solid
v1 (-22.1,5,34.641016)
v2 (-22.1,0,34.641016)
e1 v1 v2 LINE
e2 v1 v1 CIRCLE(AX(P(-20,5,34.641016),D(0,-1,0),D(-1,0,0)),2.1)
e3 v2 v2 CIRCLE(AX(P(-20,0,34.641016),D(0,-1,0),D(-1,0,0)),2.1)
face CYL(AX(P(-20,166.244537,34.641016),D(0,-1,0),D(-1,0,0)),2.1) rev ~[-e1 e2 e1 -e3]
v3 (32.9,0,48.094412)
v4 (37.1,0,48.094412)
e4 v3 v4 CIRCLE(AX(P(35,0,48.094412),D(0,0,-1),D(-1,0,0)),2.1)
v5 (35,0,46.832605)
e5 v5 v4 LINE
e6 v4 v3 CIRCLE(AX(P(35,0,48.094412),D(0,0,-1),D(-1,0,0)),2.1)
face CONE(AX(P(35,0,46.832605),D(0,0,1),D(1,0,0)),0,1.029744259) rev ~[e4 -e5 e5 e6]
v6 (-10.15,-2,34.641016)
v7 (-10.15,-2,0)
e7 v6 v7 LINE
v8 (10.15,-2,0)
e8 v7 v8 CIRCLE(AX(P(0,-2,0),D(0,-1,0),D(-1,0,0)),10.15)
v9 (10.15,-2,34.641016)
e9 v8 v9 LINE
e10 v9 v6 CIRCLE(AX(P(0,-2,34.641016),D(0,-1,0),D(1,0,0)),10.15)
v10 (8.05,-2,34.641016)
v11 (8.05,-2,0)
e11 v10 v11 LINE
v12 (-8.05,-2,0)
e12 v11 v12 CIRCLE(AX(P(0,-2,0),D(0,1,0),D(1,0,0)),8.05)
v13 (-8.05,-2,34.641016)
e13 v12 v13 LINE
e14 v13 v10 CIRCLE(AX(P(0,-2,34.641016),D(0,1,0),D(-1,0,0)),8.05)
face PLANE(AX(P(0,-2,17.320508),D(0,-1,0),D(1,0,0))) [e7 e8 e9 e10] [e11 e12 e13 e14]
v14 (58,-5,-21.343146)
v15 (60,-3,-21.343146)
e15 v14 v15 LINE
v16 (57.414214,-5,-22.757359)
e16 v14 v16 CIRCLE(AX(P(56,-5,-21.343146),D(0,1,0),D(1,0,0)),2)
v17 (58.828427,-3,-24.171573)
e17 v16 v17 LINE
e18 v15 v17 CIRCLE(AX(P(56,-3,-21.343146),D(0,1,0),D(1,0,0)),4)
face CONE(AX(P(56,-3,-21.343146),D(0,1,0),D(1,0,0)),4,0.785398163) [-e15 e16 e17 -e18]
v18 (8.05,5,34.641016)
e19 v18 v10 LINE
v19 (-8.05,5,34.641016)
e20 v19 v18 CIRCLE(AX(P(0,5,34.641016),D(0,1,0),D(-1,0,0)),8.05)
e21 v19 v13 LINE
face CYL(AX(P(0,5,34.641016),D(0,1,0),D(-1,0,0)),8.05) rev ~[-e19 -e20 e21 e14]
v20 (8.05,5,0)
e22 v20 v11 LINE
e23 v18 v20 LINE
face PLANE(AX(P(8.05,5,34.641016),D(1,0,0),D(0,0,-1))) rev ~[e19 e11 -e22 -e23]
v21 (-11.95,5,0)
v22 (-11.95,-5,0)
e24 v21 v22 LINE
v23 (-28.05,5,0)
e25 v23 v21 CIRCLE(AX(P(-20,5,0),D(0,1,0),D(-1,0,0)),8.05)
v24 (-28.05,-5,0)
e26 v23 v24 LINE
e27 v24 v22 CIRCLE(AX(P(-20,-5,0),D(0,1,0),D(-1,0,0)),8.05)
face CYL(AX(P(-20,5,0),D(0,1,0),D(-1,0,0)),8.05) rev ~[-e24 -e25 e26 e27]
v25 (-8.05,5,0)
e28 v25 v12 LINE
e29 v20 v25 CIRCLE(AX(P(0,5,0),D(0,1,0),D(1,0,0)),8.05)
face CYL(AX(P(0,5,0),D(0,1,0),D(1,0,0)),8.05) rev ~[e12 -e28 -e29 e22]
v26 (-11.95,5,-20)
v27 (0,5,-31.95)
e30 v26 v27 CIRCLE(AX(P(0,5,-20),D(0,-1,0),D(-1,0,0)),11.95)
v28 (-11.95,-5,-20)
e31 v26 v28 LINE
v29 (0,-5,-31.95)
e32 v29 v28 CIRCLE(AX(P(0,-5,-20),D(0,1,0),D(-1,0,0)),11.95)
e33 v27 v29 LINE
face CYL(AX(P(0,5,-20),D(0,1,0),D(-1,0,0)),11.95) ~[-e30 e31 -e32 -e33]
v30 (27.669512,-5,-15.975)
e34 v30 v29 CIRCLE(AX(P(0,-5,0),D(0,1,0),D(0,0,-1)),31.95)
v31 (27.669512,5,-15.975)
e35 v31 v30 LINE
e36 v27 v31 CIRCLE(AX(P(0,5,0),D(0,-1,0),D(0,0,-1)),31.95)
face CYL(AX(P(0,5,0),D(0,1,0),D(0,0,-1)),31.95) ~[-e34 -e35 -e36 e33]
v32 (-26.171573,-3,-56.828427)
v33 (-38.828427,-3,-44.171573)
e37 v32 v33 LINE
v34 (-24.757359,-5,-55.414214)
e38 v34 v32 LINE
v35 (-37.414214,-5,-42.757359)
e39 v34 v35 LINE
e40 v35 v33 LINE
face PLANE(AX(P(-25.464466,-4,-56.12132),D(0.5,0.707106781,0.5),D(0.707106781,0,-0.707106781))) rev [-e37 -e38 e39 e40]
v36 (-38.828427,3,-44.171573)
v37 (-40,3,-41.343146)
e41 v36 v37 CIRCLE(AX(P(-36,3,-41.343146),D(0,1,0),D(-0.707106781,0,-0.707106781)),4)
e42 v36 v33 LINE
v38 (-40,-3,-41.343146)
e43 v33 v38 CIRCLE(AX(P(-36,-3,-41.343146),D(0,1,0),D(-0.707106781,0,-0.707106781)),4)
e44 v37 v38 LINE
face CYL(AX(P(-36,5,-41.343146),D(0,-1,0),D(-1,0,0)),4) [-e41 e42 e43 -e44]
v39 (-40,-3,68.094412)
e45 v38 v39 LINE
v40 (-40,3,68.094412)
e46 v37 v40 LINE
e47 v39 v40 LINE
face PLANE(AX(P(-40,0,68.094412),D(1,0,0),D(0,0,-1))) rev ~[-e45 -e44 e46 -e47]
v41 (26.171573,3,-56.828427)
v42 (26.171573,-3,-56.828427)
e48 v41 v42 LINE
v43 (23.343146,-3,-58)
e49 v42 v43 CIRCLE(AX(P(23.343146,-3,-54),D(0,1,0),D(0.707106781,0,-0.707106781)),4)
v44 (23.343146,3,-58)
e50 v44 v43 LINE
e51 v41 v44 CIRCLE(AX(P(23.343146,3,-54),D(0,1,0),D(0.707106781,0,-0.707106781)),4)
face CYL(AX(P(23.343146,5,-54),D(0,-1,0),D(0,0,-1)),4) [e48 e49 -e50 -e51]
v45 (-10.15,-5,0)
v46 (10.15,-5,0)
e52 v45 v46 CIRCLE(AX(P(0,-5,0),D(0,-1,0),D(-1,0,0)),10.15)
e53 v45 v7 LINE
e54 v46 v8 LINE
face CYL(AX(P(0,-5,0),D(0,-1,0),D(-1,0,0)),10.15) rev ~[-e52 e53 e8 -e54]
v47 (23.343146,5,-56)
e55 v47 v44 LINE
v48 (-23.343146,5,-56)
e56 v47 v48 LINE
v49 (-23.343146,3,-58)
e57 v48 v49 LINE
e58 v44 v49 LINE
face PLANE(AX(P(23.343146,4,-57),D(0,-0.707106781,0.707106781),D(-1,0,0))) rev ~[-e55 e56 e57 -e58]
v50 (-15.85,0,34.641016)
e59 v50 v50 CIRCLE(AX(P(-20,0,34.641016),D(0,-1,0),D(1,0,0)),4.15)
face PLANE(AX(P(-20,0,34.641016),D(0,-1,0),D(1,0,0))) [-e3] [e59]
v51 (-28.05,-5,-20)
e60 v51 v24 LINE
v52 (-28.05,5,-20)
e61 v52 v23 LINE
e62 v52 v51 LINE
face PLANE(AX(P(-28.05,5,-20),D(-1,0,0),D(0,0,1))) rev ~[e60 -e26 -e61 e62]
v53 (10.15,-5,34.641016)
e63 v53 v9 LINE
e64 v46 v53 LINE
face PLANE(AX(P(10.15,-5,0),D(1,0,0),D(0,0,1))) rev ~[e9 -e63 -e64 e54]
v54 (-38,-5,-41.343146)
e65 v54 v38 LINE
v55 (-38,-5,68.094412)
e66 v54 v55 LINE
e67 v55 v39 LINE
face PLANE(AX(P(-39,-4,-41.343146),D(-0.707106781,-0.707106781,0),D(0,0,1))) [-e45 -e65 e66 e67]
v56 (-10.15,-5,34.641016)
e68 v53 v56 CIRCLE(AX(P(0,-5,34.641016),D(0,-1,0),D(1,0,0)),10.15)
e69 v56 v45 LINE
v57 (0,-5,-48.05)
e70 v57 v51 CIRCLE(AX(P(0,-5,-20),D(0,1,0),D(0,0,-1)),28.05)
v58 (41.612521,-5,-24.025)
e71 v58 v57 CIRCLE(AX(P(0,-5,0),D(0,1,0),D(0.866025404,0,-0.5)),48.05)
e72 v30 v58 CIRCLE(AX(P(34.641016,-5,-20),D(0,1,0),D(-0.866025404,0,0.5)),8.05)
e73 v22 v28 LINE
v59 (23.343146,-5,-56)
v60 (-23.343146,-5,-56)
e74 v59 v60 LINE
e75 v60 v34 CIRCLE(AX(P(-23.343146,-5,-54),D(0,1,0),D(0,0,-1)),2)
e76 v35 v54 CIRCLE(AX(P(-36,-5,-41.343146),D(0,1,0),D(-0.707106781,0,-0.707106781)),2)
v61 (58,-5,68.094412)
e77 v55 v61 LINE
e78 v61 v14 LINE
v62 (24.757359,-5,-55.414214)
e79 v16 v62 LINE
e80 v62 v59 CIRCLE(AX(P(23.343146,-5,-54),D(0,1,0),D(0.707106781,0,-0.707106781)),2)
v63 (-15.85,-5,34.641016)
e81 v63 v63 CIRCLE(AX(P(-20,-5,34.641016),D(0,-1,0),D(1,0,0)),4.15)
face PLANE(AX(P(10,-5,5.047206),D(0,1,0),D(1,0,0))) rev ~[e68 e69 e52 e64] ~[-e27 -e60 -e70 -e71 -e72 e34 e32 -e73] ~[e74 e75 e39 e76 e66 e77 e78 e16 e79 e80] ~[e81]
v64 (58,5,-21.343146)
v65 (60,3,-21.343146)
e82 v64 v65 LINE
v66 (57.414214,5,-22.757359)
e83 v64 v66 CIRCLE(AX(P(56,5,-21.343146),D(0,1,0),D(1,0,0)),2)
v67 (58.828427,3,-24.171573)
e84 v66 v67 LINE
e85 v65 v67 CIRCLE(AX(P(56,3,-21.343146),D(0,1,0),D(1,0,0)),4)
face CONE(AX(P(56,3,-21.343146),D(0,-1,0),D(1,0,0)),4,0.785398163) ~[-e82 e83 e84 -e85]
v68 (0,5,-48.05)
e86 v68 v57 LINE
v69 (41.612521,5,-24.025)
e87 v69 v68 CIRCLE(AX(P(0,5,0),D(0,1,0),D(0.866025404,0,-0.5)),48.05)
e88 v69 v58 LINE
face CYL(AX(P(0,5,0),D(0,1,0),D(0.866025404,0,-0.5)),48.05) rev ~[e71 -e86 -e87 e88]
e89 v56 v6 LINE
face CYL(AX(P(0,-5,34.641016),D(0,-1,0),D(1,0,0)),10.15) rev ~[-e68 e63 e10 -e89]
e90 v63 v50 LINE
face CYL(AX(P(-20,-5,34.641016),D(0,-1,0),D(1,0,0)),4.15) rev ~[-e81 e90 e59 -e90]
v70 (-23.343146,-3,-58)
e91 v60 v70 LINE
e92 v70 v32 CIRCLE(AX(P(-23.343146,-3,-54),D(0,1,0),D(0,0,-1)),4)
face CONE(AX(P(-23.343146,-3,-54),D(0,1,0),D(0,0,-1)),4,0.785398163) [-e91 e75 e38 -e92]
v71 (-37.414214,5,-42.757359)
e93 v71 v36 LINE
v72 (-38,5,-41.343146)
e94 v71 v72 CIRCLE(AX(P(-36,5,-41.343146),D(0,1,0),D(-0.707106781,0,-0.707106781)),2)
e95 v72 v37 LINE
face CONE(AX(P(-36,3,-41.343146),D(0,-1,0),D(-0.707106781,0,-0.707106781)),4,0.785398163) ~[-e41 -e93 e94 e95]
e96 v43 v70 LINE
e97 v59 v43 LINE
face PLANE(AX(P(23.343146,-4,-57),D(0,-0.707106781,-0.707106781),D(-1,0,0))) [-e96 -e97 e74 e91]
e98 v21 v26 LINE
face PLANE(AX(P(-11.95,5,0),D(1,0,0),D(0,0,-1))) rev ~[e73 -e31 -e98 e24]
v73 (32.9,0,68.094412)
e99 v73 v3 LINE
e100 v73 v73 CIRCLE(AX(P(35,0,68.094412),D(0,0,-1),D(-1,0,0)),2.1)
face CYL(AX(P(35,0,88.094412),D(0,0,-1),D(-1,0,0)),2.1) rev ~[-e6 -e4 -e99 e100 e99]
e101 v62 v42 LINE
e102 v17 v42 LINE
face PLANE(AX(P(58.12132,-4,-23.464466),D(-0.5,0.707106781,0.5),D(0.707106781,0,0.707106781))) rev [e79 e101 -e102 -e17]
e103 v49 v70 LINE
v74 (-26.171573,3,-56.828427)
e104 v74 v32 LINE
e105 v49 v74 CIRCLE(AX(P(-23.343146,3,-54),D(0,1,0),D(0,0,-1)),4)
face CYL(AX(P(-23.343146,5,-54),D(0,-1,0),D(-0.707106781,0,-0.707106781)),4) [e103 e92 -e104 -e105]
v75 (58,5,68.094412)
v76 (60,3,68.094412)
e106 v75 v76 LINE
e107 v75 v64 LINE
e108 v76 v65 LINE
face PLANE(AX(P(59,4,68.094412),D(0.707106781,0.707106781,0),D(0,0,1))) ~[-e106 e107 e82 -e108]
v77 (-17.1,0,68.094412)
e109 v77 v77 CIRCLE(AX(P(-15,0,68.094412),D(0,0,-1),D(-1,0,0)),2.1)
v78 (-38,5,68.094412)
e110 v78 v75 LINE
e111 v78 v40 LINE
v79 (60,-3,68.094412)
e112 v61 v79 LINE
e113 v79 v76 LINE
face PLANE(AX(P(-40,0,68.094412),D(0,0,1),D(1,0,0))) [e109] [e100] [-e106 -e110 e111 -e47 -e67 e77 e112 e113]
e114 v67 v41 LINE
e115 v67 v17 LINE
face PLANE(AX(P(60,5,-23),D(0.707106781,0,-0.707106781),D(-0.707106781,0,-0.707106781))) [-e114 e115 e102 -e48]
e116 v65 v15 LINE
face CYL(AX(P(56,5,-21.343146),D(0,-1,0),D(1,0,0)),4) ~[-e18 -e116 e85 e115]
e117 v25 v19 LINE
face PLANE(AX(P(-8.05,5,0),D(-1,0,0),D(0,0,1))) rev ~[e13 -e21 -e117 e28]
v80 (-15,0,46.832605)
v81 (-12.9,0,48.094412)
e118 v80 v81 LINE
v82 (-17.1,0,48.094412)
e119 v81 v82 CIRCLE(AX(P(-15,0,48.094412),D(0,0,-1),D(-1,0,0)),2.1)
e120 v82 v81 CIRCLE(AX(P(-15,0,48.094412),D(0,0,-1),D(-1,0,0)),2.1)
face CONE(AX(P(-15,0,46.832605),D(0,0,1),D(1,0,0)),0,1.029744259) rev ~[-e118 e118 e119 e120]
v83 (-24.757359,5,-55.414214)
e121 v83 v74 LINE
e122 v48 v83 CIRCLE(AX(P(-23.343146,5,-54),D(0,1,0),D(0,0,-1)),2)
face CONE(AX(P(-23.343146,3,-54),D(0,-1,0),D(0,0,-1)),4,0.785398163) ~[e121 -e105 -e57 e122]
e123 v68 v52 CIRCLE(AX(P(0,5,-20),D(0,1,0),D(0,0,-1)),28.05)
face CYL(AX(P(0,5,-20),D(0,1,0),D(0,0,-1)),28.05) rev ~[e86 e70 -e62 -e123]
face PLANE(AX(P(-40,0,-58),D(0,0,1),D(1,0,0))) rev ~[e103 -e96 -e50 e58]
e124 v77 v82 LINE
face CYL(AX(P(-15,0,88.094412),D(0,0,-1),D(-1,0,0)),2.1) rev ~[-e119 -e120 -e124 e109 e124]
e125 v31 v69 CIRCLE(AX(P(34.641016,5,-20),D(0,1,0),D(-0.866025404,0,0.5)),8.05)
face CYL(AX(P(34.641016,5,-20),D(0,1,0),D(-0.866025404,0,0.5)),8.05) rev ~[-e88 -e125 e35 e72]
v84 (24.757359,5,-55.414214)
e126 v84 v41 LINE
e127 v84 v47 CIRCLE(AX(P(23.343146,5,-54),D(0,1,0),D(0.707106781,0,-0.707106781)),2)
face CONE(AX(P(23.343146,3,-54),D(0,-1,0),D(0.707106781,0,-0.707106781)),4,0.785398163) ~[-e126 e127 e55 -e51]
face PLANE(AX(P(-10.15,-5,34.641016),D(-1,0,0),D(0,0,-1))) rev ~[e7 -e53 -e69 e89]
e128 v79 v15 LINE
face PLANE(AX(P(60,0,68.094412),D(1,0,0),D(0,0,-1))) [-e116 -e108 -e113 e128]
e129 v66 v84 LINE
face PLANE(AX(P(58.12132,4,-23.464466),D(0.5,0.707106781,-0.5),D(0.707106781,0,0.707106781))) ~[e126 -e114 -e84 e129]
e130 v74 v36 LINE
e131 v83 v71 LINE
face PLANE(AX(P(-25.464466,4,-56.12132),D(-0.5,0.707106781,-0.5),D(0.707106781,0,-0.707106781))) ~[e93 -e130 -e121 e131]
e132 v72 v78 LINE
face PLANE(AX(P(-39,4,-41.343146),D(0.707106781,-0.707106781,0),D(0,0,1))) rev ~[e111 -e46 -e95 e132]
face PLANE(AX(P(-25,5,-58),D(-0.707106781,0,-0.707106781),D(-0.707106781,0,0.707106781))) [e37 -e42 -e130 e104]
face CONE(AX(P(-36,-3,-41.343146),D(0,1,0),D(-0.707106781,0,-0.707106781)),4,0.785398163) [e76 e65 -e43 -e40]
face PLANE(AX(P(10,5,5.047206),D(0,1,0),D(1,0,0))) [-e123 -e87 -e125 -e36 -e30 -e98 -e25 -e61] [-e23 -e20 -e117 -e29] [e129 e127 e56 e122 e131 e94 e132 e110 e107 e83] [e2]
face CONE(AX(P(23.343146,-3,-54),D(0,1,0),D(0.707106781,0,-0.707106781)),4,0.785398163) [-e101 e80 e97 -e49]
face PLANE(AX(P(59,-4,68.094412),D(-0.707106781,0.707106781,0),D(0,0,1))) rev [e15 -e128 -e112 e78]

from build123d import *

# Parameters (mm, degrees)
SKETCH1_W                 = 100
SKETCH1_H                 = 126.094412
BOSS_EXTRUDE1_DEPTH       = 5
SLOTS_DEPTH               = 11
CUT_EXTRUDE6_DEPTH        = 3
M5X0_8_TAPPED_HOLE2_D     = 4.2
SKETCH13_R                = 4.15
CUT_EXTRUDE7_DEPTH        = 5
M5X0_8_TAPPED_HOLE1_D     = 4.2
M5X0_8_TAPPED_HOLE1_DEPTH = 20
M5X0_8_TAPPED_HOLE1_TIP   = 1.2618073
CUT_EXTRUDE2_DEPTH        = 11
CUT_EXTRUDE3_DEPTH        = 11
FILLET1_R                 = 4
CHAMFER1_SIZE             = 2


with BuildPart() as part:
    # Sketch1 → Boss-Extrude1 (new body, symmetric)
    with BuildSketch(Plane(origin=(0, 0, 0), x_dir=(1, 0, 0), z_dir=(0, 1, 0))):
        with Locations((10, -5.047206)):
            Rectangle(SKETCH1_W, SKETCH1_H)
    extrude(amount=BOSS_EXTRUDE1_DEPTH, both=True)

    # Sketch3 → Slots (cut, through all)
    with BuildSketch(Plane(origin=(0, 5, 0), x_dir=(1, 0, 0), z_dir=(0, 1, 0))):
        with BuildLine():
            Line((-8.05, 0), (-8.05, -34.641016151))
            ThreePointArc((-8.05, -34.641016151), (0, -42.691016151), (8.05, -34.641016151))
            Line((8.05, -34.641016151), (8.05, 0))
            ThreePointArc((8.05, 0), (0, 8.05), (-8.05, 0))
        make_face()
        with BuildLine():
            Line((-11.95, 0), (-11.95, 20))
            ThreePointArc((-11.95, 20), (-8.449926035, 28.449926035), (0, 31.95))
            ThreePointArc((0, 31.95), (15.975, 27.669511651), (27.669511651, 15.975))
            ThreePointArc((27.669511651, 15.975), (38.666016151, 13.0284955), (41.612520652, 24.025))
            ThreePointArc((41.612520652, 24.025), (24.025, 41.612520652), (0, 48.05))
            ThreePointArc((0, 48.05), (-19.834345212, 39.834345212), (-28.05, 20))
            Line((-28.05, 20), (-28.05, 0))
            ThreePointArc((-28.05, 0), (-20, -8.05), (-11.95, 0))
        make_face()
    extrude(amount=-SLOTS_DEPTH, mode=Mode.SUBTRACT)

    # Sketch12 → Cut-Extrude6 (cut)
    with BuildSketch(Plane.XZ.offset(5)):
        with BuildLine():
            Line((10.15, 0), (10.15, 34.641016151))
            ThreePointArc((10.15, 34.641016151), (0, 44.791016151), (-10.15, 34.641016151))
            Line((-10.15, 34.641016151), (-10.15, 0))
            ThreePointArc((-10.15, 0), (0, -10.15), (10.15, 0))
        make_face()
    extrude(amount=-CUT_EXTRUDE6_DEPTH, mode=Mode.SUBTRACT)

    # M5x0.8 Tapped Hole2 (through all)
    with Locations(Plane(origin=(0, 5, 0), x_dir=(1, 0, 0), z_dir=(0, 1, 0))):
        with Locations((-20, -34.641016151)):
            Hole(M5X0_8_TAPPED_HOLE2_D / 2)

    # Sketch13 → Cut-Extrude7 (cut)
    with BuildSketch(Plane.XZ.offset(5)):
        with Locations((-20, 34.641016151)):
            Circle(SKETCH13_R)
    extrude(amount=-CUT_EXTRUDE7_DEPTH, mode=Mode.SUBTRACT)

    # M5x0.8 Tapped Hole1
    with Locations(Plane.XY.offset(68.094412)):
        with Locations((-15, 0), (35, 0)):
            Hole(M5X0_8_TAPPED_HOLE1_D / 2, depth=M5X0_8_TAPPED_HOLE1_DEPTH)
            with Locations((0, 0, -(M5X0_8_TAPPED_HOLE1_DEPTH + M5X0_8_TAPPED_HOLE1_TIP / 2))):  # 118° drill point
                Cone(0, M5X0_8_TAPPED_HOLE1_D / 2, M5X0_8_TAPPED_HOLE1_TIP, mode=Mode.SUBTRACT)

    # Sketch4 → Cut-Extrude2 (cut, through all)
    with BuildSketch(Plane(origin=(0, 5, 0), x_dir=(1, 0, 0), z_dir=(0, 1, 0))):
        Polygon((-40, 43), (-40, 58), (-25, 58), align=None)
    extrude(amount=-CUT_EXTRUDE2_DEPTH, mode=Mode.SUBTRACT)

    # Sketch5 → Cut-Extrude3 (cut, through all)
    with BuildSketch(Plane(origin=(0, 5, 0), x_dir=(1, 0, 0), z_dir=(0, 1, 0))):
        Polygon((25, 58), (60, 58), (60, 23), align=None)
    extrude(amount=-CUT_EXTRUDE3_DEPTH, mode=Mode.SUBTRACT)

    # Fillet1
    fillet1_edges = [part.edges().sort_by_distance(p)[0] for p in [
        (-25, 0, -58),
        (-40, 0, -43),
        (60, 0, -23),
        (25, 0, -58),
    ]]
    fillet(fillet1_edges, radius=FILLET1_R)

    # Chamfer1
    chamfer1_edges = [part.edges().sort_by_distance(p)[0] for p in [
        (42.5, 5, -40.5),
        (0, 5, -58),
        (-32.5, 5, -50.5),
        (-40, 5, 13.375633125),
        (-39.69551813, 5, -42.87387948),
        (-24.87387948, 5, -57.69551813),
        (24.87387948, 5, -57.69551813),
        (59.69551813, 5, -22.87387948),
        (60, 5, 23.375633125),
        (42.5, -5, -40.5),
        (-40, -5, 13.375633125),
        (-32.5, -5, -50.5),
        (0, -5, -58),
        (-39.69551813, -5, -42.87387948),
        (-24.87387948, -5, -57.69551813),
        (24.87387948, -5, -57.69551813),
        (59.69551813, -5, -22.87387948),
        (60, -5, 23.375633125),
    ]]
    chamfer(chamfer1_edges, length=CHAMFER1_SIZE)


solid = part.part
